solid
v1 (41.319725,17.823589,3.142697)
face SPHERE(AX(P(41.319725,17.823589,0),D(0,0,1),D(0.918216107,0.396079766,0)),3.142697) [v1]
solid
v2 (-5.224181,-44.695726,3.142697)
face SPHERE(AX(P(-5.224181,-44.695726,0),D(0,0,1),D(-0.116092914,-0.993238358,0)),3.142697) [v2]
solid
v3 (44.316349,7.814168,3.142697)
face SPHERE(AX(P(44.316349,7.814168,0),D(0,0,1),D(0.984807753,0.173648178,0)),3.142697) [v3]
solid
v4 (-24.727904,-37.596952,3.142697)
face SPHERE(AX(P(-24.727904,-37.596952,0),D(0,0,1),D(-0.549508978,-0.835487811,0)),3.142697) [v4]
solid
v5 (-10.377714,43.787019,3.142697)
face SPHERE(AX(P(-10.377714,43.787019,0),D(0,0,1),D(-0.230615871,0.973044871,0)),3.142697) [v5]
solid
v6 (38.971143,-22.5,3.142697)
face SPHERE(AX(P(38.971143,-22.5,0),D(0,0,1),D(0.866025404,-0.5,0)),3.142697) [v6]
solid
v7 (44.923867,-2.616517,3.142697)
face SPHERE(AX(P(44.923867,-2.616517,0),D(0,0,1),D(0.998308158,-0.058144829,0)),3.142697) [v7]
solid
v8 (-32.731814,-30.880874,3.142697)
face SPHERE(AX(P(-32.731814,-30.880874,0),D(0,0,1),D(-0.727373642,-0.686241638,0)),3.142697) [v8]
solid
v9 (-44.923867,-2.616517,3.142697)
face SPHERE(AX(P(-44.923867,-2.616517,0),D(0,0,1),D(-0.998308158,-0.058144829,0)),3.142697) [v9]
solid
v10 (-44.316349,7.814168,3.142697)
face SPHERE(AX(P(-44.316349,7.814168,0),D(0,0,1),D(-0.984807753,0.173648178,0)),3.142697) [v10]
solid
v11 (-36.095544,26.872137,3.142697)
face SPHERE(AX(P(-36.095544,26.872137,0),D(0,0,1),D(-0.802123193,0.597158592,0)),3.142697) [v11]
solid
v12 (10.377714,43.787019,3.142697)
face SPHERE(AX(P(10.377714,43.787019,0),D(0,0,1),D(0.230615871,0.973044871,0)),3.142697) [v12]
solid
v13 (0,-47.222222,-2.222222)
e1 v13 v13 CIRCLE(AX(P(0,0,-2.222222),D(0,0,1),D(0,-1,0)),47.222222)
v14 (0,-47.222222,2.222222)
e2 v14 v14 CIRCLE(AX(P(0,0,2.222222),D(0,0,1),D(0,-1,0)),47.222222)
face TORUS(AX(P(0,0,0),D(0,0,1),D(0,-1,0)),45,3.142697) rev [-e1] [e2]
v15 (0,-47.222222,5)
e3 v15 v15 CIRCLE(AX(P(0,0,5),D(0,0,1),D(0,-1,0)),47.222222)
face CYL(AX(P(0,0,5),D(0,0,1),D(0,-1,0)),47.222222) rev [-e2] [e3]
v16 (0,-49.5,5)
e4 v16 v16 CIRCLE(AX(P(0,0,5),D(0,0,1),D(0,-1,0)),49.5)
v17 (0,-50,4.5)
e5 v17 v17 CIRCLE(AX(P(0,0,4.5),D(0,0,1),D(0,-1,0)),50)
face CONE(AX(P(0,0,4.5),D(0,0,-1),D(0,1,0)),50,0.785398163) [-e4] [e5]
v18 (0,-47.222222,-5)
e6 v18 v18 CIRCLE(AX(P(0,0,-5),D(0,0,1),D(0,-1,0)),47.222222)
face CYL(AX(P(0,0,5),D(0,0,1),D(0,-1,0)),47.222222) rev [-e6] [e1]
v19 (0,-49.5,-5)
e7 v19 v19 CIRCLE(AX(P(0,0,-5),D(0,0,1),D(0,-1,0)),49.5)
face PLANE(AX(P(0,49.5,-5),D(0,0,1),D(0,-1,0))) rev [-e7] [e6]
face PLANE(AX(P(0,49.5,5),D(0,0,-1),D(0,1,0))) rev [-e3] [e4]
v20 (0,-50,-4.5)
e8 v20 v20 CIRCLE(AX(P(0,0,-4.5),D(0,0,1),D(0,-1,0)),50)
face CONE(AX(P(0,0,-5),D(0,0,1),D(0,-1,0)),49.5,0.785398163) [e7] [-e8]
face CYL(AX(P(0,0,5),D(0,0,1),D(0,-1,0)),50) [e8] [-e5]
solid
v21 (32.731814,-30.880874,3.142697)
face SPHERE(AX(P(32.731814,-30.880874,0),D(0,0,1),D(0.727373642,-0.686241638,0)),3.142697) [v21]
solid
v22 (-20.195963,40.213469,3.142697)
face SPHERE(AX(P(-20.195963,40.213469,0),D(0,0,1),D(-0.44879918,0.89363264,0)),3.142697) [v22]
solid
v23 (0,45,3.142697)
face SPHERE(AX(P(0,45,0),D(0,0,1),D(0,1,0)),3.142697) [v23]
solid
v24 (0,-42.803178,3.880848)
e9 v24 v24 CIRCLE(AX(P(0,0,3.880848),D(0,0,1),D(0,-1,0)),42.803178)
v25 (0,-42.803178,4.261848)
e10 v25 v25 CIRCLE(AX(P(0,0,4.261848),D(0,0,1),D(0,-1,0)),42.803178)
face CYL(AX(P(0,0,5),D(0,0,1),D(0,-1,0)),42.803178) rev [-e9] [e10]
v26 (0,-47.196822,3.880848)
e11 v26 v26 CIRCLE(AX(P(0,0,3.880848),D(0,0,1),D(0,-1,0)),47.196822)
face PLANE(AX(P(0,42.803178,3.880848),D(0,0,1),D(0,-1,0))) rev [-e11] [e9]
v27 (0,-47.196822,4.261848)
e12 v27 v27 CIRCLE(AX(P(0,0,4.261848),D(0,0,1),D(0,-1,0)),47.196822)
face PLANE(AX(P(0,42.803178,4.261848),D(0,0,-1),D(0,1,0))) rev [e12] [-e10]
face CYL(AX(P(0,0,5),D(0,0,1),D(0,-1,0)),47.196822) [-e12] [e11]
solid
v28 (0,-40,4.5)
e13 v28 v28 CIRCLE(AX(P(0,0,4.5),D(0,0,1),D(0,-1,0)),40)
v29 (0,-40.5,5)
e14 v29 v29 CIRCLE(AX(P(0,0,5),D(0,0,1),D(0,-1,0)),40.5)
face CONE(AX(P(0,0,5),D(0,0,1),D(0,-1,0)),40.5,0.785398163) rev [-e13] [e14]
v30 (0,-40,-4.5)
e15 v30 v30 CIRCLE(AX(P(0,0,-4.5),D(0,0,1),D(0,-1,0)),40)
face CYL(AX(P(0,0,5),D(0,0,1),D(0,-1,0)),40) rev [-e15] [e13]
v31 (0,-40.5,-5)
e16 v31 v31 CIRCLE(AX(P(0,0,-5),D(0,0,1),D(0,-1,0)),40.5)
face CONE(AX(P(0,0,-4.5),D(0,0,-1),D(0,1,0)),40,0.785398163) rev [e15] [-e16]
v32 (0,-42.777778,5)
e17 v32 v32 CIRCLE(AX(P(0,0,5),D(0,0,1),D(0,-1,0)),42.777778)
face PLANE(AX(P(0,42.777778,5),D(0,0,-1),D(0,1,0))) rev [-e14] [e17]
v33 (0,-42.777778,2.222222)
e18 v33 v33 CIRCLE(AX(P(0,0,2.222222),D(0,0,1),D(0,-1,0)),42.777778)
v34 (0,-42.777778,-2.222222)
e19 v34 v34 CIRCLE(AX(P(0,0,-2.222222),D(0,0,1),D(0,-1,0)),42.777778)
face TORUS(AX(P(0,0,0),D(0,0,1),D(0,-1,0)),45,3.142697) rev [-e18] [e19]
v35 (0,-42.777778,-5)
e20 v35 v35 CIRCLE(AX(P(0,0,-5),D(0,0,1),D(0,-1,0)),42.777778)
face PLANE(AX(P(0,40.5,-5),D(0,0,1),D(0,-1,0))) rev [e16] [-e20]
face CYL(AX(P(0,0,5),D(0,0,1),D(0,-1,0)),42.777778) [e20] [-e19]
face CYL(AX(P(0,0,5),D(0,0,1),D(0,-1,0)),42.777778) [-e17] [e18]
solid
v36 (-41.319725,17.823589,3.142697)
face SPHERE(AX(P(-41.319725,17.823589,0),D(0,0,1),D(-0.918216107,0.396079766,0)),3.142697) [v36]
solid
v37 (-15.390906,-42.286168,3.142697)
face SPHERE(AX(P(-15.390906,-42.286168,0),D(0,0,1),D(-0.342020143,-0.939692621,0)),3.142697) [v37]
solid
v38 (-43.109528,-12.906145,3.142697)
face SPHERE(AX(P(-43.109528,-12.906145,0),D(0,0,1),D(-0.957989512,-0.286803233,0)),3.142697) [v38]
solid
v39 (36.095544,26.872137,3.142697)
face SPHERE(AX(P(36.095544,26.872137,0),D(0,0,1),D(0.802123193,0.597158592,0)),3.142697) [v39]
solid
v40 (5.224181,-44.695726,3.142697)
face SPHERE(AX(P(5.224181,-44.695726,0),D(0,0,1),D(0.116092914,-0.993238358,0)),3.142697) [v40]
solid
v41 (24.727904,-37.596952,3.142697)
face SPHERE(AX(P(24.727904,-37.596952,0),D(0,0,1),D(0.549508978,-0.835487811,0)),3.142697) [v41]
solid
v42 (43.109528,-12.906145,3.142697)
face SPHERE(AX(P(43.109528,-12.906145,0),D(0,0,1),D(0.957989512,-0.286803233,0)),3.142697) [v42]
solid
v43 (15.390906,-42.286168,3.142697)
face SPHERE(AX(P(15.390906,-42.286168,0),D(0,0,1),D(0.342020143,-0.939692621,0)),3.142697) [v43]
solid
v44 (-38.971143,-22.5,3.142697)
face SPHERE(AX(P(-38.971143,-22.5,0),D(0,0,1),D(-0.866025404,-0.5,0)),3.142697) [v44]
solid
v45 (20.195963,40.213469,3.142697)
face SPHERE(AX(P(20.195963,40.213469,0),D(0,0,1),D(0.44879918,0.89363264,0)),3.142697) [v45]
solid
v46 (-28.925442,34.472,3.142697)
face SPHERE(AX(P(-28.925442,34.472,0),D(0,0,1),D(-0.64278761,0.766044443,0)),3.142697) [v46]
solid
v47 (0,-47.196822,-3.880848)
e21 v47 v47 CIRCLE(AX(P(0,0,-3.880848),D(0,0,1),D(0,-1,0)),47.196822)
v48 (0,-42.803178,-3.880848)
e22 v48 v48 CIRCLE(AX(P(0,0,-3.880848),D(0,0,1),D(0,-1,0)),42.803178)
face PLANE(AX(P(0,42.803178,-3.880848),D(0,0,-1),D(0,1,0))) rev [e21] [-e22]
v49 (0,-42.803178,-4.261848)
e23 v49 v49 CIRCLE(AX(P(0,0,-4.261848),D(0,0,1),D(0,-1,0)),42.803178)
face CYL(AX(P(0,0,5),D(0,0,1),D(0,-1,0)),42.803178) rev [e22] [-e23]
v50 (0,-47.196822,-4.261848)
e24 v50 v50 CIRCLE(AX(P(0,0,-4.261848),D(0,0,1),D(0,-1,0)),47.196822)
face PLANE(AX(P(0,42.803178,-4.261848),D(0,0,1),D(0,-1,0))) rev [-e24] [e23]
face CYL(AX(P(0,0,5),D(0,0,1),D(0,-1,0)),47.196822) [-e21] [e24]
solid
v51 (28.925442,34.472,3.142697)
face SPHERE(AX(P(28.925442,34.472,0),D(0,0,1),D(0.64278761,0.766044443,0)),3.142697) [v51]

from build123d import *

# Parameters (mm, degrees)
SKETCH5_W         = 0.381
SKETCH5_H         = 4.393644444
CIRPATTERN1_COUNT = 27


with BuildPart() as part:
    # Sketch5 → Revolve1 (revolve)
    with BuildSketch(Plane(origin=(0, 0, 0), x_dir=(0, 0, -1), z_dir=(1, 0, 0)), mode=Mode.PRIVATE) as revolve1_sk:
        with BuildLine():
            Line((4.5, 50), (-4.5, 50))
            Line((-4.5, 50), (-5, 49.5))
            Line((-5, 49.5), (-5, 47.222222222))
            Line((-5, 47.222222222), (-2.222222222, 47.222222222))
            ThreePointArc((-2.222222222, 47.222222222), (0, 48.142696805), (2.222222222, 47.222222222))
            Line((2.222222222, 47.222222222), (5, 47.222222222))
            Line((5, 47.222222222), (5, 49.5))
            Line((5, 49.5), (4.5, 50))
        make_face()
        with Locations((4.071348403, 45)):
            Rectangle(SKETCH5_W, SKETCH5_H)
        with Locations((-4.071348403, 45)):
            Rectangle(SKETCH5_W, SKETCH5_H)
    revolve(revolve1_sk.sketch.rotate(Axis((0, 0, 5), (0, 0, -1)), 180), axis=Axis((0, 0, 5), (0, 0, -1)))


with BuildPart() as body_2:
    # Sketch3 → Revolve3 (revolve)
    with BuildSketch(Plane(origin=(0, 0, 0), x_dir=(0, 0, -1), z_dir=(1, 0, 0)), mode=Mode.PRIVATE) as revolve3_sk:
        with BuildLine():
            Line((-5, 42.777777778), (-2.222222222, 42.777777778))
            ThreePointArc((-2.222222222, 42.777777778), (0, 41.857303195), (2.222222222, 42.777777778))
            Line((2.222222222, 42.777777778), (5, 42.777777778))
            Line((5, 42.777777778), (5, 40.5))
            Line((5, 40.5), (4.5, 40))
            Line((4.5, 40), (-4.5, 40))
            Line((-4.5, 40), (-5, 40.5))
            Line((-5, 40.5), (-5, 42.777777778))
        make_face()
    revolve(revolve3_sk.sketch.rotate(Axis((0, 0, 5), (0, 0, -1)), 180), axis=Axis((0, 0, 5), (0, 0, -1)))


with BuildPart() as body_3:
    # Sketch4 → Revolve4 (revolve)
    with BuildSketch(Plane(origin=(0, 0, 0), x_dir=(0, 0, -1), z_dir=(1, 0, 0))):
        with BuildLine():
            Line((-3.142696805, 45), (3.142696805, 45))
            ThreePointArc((3.142696805, 45), (0, 48.142696805), (-3.142696805, 45))
        make_face()
    revolve(axis=Axis((0, 45, 3.142696805), (0, 0, -1)))


with BuildPart() as cirpattern1_1:
    # CirPattern1: pattern copy
    add(body_3.part.rotate(Axis((0, 0, 0), (0, 0, 1)), 1 * 360 / CIRPATTERN1_COUNT))


with BuildPart() as cirpattern1_2:
    # CirPattern1: pattern copy
    add(body_3.part.rotate(Axis((0, 0, 0), (0, 0, 1)), 2 * 360 / CIRPATTERN1_COUNT))


with BuildPart() as cirpattern1_3:
    # CirPattern1: pattern copy
    add(body_3.part.rotate(Axis((0, 0, 0), (0, 0, 1)), 3 * 360 / CIRPATTERN1_COUNT))


with BuildPart() as cirpattern1_4:
    # CirPattern1: pattern copy
    add(body_3.part.rotate(Axis((0, 0, 0), (0, 0, 1)), 4 * 360 / CIRPATTERN1_COUNT))


with BuildPart() as cirpattern1_5:
    # CirPattern1: pattern copy
    add(body_3.part.rotate(Axis((0, 0, 0), (0, 0, 1)), 5 * 360 / CIRPATTERN1_COUNT))


with BuildPart() as cirpattern1_6:
    # CirPattern1: pattern copy
    add(body_3.part.rotate(Axis((0, 0, 0), (0, 0, 1)), 6 * 360 / CIRPATTERN1_COUNT))


with BuildPart() as cirpattern1_7:
    # CirPattern1: pattern copy
    add(body_3.part.rotate(Axis((0, 0, 0), (0, 0, 1)), 7 * 360 / CIRPATTERN1_COUNT))


with BuildPart() as cirpattern1_8:
    # CirPattern1: pattern copy
    add(body_3.part.rotate(Axis((0, 0, 0), (0, 0, 1)), 8 * 360 / CIRPATTERN1_COUNT))


with BuildPart() as cirpattern1_9:
    # CirPattern1: pattern copy
    add(body_3.part.rotate(Axis((0, 0, 0), (0, 0, 1)), 9 * 360 / CIRPATTERN1_COUNT))


with BuildPart() as cirpattern1_10:
    # CirPattern1: pattern copy
    add(body_3.part.rotate(Axis((0, 0, 0), (0, 0, 1)), 10 * 360 / CIRPATTERN1_COUNT))


with BuildPart() as cirpattern1_11:
    # CirPattern1: pattern copy
    add(body_3.part.rotate(Axis((0, 0, 0), (0, 0, 1)), 11 * 360 / CIRPATTERN1_COUNT))


with BuildPart() as cirpattern1_12:
    # CirPattern1: pattern copy
    add(body_3.part.rotate(Axis((0, 0, 0), (0, 0, 1)), 12 * 360 / CIRPATTERN1_COUNT))


with BuildPart() as cirpattern1_13:
    # CirPattern1: pattern copy
    add(body_3.part.rotate(Axis((0, 0, 0), (0, 0, 1)), 13 * 360 / CIRPATTERN1_COUNT))


with BuildPart() as cirpattern1_14:
    # CirPattern1: pattern copy
    add(body_3.part.rotate(Axis((0, 0, 0), (0, 0, 1)), 14 * 360 / CIRPATTERN1_COUNT))


with BuildPart() as cirpattern1_15:
    # CirPattern1: pattern copy
    add(body_3.part.rotate(Axis((0, 0, 0), (0, 0, 1)), 15 * 360 / CIRPATTERN1_COUNT))


with BuildPart() as cirpattern1_16:
    # CirPattern1: pattern copy
    add(body_3.part.rotate(Axis((0, 0, 0), (0, 0, 1)), 16 * 360 / CIRPATTERN1_COUNT))


with BuildPart() as cirpattern1_17:
    # CirPattern1: pattern copy
    add(body_3.part.rotate(Axis((0, 0, 0), (0, 0, 1)), 17 * 360 / CIRPATTERN1_COUNT))


with BuildPart() as cirpattern1_18:
    # CirPattern1: pattern copy
    add(body_3.part.rotate(Axis((0, 0, 0), (0, 0, 1)), 18 * 360 / CIRPATTERN1_COUNT))


with BuildPart() as cirpattern1_19:
    # CirPattern1: pattern copy
    add(body_3.part.rotate(Axis((0, 0, 0), (0, 0, 1)), 19 * 360 / CIRPATTERN1_COUNT))


with BuildPart() as cirpattern1_20:
    # CirPattern1: pattern copy
    add(body_3.part.rotate(Axis((0, 0, 0), (0, 0, 1)), 20 * 360 / CIRPATTERN1_COUNT))


with BuildPart() as cirpattern1_21:
    # CirPattern1: pattern copy
    add(body_3.part.rotate(Axis((0, 0, 0), (0, 0, 1)), 21 * 360 / CIRPATTERN1_COUNT))


with BuildPart() as cirpattern1_22:
    # CirPattern1: pattern copy
    add(body_3.part.rotate(Axis((0, 0, 0), (0, 0, 1)), 22 * 360 / CIRPATTERN1_COUNT))


with BuildPart() as cirpattern1_23:
    # CirPattern1: pattern copy
    add(body_3.part.rotate(Axis((0, 0, 0), (0, 0, 1)), 23 * 360 / CIRPATTERN1_COUNT))


with BuildPart() as cirpattern1_24:
    # CirPattern1: pattern copy
    add(body_3.part.rotate(Axis((0, 0, 0), (0, 0, 1)), 24 * 360 / CIRPATTERN1_COUNT))


with BuildPart() as cirpattern1_25:
    # CirPattern1: pattern copy
    add(body_3.part.rotate(Axis((0, 0, 0), (0, 0, 1)), 25 * 360 / CIRPATTERN1_COUNT))


with BuildPart() as cirpattern1_26:
    # CirPattern1: pattern copy
    add(body_3.part.rotate(Axis((0, 0, 0), (0, 0, 1)), 26 * 360 / CIRPATTERN1_COUNT))


solid = Compound([part.part, body_2.part, body_3.part, cirpattern1_1.part, cirpattern1_2.part, cirpattern1_3.part, cirpattern1_4.part, cirpattern1_5.part, cirpattern1_6.part, cirpattern1_7.part, cirpattern1_8.part, cirpattern1_9.part, cirpattern1_10.part, cirpattern1_11.part, cirpattern1_12.part, cirpattern1_13.part, cirpattern1_14.part, cirpattern1_15.part, cirpattern1_16.part, cirpattern1_17.part, cirpattern1_18.part, cirpattern1_19.part, cirpattern1_20.part, cirpattern1_21.part, cirpattern1_22.part, cirpattern1_23.part, cirpattern1_24.part, cirpattern1_25.part, cirpattern1_26.part])
